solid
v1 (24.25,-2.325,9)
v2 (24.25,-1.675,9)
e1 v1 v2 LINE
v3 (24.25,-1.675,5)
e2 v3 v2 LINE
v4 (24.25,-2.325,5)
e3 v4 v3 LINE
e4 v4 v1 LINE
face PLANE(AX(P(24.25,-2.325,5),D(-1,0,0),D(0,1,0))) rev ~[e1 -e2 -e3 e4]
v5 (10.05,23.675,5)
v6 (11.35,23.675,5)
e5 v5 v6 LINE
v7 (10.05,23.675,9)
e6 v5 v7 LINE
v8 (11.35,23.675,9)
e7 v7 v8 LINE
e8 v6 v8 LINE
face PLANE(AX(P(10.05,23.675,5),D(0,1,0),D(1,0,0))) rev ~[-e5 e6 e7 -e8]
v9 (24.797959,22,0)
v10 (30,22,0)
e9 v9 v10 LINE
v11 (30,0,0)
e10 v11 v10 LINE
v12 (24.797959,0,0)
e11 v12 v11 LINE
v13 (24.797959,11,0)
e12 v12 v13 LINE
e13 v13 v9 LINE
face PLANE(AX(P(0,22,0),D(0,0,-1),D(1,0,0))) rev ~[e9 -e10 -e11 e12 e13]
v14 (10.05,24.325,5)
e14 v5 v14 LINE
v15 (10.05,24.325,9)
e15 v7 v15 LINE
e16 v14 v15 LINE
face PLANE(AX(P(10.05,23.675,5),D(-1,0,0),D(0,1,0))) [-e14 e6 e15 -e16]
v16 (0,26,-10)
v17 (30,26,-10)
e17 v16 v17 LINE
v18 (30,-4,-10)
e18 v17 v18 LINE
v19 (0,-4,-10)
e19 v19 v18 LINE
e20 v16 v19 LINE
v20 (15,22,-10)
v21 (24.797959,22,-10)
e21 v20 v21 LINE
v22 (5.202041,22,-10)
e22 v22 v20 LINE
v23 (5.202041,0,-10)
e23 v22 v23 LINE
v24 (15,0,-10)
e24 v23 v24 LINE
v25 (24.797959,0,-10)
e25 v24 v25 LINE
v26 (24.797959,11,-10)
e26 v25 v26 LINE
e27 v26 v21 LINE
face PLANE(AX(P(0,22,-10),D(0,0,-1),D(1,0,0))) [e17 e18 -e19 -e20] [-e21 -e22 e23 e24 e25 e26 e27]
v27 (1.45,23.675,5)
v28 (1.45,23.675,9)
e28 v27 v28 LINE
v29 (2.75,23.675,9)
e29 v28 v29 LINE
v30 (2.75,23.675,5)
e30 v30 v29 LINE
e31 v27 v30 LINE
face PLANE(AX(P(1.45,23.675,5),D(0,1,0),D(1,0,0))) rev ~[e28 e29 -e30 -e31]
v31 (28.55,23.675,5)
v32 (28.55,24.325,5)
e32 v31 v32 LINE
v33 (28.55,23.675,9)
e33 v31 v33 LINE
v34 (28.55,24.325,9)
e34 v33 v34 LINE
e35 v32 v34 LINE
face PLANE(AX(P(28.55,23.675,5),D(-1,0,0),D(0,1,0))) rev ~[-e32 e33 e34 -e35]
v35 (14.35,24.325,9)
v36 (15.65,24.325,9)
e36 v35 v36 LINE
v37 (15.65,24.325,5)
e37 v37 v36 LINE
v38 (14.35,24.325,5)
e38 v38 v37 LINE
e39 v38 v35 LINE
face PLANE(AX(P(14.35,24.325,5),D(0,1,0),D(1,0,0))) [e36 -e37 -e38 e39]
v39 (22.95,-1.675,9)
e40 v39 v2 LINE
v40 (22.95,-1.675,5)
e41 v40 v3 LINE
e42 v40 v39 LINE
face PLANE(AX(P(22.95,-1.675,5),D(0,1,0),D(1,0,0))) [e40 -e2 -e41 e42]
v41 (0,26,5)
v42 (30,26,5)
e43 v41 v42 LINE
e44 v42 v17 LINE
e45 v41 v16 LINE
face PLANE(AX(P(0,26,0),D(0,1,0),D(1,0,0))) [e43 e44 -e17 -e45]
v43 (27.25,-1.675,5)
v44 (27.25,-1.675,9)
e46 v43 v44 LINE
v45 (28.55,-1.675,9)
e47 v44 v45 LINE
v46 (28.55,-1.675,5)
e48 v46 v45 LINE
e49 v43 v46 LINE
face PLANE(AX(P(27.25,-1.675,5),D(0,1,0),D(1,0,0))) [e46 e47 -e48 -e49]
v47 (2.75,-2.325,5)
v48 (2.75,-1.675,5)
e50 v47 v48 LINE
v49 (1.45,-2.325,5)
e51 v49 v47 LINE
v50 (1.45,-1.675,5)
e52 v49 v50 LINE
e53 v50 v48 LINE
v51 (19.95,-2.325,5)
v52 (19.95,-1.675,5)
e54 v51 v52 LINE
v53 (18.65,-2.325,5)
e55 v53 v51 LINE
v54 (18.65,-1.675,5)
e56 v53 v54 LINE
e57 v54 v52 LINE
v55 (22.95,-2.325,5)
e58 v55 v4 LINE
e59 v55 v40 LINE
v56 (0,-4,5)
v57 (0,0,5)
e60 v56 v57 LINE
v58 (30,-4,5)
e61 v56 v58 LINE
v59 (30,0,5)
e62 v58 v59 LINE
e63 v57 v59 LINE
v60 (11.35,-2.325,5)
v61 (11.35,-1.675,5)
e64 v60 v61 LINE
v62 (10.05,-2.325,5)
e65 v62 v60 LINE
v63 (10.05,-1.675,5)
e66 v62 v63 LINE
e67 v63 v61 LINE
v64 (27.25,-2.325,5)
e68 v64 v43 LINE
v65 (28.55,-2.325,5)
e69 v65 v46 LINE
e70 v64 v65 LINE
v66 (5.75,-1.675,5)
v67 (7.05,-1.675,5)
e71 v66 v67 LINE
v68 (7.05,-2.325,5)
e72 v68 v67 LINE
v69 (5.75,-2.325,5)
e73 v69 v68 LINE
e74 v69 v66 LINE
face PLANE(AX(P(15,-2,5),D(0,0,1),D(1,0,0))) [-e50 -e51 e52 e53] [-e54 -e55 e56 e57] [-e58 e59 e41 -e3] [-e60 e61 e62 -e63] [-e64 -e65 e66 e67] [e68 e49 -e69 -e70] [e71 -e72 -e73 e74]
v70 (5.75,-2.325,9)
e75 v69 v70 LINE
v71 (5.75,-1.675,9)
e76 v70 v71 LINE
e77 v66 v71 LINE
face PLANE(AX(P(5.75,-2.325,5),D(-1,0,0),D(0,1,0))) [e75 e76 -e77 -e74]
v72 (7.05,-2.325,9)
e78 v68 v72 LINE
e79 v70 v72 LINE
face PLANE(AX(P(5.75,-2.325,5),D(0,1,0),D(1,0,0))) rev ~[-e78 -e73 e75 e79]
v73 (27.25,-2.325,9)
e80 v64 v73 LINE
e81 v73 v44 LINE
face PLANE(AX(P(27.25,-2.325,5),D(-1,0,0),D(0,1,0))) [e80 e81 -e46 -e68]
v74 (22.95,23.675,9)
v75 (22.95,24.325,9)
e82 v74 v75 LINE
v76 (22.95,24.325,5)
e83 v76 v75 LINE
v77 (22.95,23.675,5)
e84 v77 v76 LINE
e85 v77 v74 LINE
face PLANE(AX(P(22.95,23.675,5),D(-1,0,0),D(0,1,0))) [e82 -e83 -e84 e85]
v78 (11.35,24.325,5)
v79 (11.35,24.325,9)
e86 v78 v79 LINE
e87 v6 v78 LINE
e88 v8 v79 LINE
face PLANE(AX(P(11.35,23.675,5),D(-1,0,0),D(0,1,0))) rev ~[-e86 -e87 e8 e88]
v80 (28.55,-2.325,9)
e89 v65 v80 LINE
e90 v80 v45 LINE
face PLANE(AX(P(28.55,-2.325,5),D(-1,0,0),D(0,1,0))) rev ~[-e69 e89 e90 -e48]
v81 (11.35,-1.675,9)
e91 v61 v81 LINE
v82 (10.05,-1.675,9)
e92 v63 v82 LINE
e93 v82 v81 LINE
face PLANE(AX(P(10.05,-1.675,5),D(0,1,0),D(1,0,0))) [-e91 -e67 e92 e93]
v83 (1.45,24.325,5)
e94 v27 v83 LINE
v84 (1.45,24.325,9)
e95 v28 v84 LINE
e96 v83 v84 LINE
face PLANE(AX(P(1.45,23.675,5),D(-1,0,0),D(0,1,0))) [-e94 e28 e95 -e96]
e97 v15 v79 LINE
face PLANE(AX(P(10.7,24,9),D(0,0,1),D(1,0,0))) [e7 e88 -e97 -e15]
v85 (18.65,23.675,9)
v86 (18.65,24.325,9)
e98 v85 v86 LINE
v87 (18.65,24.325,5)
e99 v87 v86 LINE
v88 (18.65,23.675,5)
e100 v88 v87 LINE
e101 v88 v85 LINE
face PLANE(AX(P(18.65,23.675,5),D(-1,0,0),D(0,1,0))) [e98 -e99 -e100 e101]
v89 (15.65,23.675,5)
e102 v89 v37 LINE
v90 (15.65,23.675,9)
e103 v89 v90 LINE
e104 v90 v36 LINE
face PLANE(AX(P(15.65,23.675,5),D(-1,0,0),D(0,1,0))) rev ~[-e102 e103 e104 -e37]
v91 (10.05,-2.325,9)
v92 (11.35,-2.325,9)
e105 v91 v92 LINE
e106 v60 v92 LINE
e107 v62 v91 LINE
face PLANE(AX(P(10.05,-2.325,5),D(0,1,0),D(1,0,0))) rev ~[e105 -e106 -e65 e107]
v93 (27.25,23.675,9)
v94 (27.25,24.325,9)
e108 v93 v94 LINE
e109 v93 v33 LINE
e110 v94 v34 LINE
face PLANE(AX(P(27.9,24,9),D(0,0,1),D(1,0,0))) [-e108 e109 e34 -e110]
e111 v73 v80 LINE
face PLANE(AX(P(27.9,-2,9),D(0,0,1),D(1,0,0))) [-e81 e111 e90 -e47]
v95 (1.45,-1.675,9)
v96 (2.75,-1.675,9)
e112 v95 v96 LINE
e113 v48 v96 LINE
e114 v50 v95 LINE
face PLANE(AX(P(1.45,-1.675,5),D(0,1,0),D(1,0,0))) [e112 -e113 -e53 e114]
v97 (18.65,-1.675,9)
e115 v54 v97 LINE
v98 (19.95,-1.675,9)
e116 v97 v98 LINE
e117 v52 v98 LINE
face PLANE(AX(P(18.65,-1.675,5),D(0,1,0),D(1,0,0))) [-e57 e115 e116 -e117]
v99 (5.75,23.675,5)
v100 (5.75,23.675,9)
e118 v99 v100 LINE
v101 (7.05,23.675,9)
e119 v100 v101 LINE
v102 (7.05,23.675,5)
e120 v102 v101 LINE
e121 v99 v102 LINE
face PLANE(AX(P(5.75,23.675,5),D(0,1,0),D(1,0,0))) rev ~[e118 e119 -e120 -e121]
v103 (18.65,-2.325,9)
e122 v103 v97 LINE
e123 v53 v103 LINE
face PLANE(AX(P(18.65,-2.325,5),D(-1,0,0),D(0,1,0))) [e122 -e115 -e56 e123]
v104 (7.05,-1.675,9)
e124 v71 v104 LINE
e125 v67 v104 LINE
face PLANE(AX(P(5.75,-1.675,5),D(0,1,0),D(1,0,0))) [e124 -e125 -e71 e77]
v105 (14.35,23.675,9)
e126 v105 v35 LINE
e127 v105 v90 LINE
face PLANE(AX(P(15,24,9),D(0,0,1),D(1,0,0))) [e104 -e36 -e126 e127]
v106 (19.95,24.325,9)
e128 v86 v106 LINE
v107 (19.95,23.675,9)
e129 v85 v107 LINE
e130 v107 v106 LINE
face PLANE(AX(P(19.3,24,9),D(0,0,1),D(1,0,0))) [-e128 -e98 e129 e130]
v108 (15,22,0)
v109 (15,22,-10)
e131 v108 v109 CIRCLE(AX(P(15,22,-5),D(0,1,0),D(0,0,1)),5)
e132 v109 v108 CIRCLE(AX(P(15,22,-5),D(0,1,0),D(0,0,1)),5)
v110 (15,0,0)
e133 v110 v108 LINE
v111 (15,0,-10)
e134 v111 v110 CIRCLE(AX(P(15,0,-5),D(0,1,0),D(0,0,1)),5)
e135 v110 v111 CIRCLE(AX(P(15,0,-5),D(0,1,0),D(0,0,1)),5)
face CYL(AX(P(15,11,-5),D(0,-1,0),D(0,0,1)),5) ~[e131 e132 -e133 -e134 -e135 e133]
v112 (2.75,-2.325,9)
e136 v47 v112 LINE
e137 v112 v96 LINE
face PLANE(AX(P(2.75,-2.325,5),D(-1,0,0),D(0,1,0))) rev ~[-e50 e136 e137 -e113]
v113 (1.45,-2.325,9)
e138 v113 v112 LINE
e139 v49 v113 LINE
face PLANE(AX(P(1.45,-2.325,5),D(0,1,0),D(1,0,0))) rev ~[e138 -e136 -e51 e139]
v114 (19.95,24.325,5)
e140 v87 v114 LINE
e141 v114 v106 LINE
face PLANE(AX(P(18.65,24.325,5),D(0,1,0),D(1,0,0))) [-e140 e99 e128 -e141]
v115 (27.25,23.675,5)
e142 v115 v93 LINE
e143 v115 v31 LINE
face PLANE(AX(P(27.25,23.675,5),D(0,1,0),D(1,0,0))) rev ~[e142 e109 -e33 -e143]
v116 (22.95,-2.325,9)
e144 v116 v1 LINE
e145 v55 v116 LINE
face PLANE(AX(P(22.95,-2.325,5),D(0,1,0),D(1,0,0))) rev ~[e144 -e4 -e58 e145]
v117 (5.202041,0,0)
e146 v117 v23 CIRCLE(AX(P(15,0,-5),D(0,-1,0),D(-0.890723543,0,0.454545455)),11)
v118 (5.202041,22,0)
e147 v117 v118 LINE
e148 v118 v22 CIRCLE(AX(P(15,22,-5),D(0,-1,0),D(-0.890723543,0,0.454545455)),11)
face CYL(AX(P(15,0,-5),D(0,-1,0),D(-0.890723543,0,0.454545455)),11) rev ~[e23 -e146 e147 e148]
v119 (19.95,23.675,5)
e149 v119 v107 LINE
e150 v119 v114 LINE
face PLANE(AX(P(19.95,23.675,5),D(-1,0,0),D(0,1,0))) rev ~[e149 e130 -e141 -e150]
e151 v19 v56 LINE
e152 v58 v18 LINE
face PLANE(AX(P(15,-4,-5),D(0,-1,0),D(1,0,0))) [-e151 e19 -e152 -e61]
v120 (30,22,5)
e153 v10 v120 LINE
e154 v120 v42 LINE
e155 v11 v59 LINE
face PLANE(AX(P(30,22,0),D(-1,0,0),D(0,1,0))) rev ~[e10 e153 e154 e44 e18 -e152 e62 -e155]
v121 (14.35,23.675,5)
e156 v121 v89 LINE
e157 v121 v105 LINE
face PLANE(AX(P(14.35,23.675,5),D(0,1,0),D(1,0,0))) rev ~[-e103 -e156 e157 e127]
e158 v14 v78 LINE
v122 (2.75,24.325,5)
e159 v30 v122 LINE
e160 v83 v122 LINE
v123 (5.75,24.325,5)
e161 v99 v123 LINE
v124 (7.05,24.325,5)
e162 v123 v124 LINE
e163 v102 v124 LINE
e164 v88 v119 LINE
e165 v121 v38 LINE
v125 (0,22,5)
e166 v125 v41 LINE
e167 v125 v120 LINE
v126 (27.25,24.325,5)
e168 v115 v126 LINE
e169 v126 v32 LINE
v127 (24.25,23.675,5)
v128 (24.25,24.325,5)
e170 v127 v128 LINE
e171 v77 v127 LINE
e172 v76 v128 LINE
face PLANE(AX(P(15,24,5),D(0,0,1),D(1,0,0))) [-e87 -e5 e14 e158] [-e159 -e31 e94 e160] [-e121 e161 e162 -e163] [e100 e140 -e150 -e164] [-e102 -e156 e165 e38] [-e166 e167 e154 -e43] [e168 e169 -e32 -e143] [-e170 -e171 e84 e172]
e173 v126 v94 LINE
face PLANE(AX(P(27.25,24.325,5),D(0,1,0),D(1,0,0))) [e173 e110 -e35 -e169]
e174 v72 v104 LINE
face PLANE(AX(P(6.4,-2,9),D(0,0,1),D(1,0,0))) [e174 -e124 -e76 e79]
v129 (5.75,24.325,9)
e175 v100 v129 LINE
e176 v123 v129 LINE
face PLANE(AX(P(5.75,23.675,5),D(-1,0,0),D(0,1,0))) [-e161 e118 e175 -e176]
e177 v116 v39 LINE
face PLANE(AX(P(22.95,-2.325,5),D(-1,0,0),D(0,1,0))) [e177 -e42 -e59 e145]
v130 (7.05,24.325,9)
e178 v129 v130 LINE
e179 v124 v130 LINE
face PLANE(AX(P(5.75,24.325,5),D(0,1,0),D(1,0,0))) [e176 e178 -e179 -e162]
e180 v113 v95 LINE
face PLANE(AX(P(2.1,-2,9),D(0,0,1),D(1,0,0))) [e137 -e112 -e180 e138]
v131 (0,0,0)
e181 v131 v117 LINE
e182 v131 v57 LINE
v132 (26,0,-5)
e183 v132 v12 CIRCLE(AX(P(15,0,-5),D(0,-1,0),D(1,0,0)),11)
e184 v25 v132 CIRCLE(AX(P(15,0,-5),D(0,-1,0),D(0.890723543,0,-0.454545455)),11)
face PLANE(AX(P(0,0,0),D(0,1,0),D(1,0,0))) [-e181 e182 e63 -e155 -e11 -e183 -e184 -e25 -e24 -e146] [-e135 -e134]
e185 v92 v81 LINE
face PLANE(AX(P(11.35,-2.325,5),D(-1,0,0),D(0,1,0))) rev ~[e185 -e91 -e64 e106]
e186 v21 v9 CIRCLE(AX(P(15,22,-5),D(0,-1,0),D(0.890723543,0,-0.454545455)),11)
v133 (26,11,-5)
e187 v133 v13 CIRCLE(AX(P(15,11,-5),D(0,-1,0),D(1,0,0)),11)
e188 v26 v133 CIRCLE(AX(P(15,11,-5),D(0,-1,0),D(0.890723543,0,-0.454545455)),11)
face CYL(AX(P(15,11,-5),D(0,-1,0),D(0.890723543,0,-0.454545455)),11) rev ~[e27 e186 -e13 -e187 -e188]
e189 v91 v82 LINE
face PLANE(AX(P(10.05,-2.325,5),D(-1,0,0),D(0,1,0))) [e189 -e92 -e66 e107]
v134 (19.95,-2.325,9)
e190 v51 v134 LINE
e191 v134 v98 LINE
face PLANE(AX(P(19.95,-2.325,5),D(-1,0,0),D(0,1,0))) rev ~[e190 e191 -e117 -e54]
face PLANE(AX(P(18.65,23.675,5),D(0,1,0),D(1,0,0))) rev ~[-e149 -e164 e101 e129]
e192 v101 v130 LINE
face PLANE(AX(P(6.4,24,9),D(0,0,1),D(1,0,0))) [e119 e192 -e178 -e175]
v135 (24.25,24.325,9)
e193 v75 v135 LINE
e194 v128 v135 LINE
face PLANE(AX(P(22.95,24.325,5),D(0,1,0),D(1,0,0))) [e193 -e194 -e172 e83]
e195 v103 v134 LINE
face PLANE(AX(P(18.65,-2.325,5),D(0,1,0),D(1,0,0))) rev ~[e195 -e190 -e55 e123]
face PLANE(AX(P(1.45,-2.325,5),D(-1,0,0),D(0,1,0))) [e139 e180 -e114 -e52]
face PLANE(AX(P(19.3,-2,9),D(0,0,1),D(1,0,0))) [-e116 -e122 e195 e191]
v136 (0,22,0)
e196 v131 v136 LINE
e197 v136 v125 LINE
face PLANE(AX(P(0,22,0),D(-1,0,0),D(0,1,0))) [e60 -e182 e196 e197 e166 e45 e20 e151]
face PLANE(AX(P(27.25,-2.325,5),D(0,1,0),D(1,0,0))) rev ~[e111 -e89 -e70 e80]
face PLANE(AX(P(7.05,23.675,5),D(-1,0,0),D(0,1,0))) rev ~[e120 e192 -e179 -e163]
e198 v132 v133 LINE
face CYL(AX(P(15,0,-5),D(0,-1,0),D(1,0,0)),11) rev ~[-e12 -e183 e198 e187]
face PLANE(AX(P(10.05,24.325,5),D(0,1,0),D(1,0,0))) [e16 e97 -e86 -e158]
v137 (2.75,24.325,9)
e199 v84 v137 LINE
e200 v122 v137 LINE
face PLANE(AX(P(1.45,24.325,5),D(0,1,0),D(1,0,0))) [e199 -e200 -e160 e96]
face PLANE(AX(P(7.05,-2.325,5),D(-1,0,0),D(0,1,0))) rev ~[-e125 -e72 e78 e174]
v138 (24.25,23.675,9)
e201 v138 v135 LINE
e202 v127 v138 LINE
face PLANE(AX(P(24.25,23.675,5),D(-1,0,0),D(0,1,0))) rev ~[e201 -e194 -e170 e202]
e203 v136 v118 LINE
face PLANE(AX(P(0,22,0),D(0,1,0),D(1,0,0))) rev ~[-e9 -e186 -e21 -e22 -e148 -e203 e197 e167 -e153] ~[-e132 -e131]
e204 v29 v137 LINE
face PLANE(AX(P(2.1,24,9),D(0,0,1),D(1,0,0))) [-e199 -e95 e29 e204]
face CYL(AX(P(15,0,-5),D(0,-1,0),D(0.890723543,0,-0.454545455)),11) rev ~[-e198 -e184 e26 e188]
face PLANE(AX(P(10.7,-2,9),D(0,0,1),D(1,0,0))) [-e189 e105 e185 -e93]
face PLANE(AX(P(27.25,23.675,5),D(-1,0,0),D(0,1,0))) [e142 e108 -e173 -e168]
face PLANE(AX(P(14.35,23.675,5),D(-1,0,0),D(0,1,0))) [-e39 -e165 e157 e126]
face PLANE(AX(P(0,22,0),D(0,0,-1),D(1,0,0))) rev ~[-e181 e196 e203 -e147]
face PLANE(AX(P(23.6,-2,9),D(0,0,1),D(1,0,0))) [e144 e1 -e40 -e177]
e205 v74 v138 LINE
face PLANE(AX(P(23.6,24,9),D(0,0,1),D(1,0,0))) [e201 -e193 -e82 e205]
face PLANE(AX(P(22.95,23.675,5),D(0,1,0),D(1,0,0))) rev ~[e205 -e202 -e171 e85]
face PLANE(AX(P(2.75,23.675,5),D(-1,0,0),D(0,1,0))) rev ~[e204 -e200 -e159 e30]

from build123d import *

# Parameters (mm, degrees)
EXTRUDE_1_DEPTH   = 11
SKETCH_1_R        = 5
EXTRUDE_1_2_DEPTH = 11
EXTRUDE_1_3_DEPTH = 11
SKETCH_2_W        = 30
SKETCH_2_H        = 10
EXTRUDE_2_DEPTH   = 4
SKETCH_3_R        = 5
EXTRUDE_3_DEPTH   = 11
SKETCH_4_W        = 30
SKETCH_4_H        = 10
EXTRUDE_4_DEPTH   = 4
SKETCH_5_W        = 30
SKETCH_5_H        = 4
EXTRUDE_5_DEPTH   = 5
SKETCH_6_W        = 1.3
SKETCH_6_H        = 0.65
EXTRUDE_6_DEPTH   = 4


with BuildPart() as part:
    # Эскиз1 → Бобышка-Вытянуть1 (new body)
    with BuildSketch(Plane(origin=(0, 0, 0), x_dir=(1, 0, 0), z_dir=(0, 1, 0))):
        with BuildLine():
            Line((0, 10), (0, 0))
            Line((0, 0), (5.202041029, 0))
            ThreePointArc((5.202041029, 0), (4, 5), (5.202041029, 10))
            Line((5.202041029, 10), (0, 10))
        make_face()
    extrude(amount=EXTRUDE_1_DEPTH)



with BuildPart() as body_2:
    # Эскиз1 → Extrude 1 2 (new body)
    with BuildSketch(Plane(origin=(0, 0, 0), x_dir=(1, 0, 0), z_dir=(0, 1, 0))):
        with Locations(Location((15, 5, 0), (0, 0, 270))):
            Circle(SKETCH_1_R)
    extrude(amount=EXTRUDE_1_2_DEPTH)


with BuildPart() as body_3:
    # Эскиз1 → Extrude 1 3 (new body)
    with BuildSketch(Plane(origin=(0, 0, 0), x_dir=(1, 0, 0), z_dir=(0, 1, 0))):
        with BuildLine():
            ThreePointArc((26, 5), (25.695268783, 2.428769622), (24.797958971, 0))
            Line((24.797958971, 0), (30, 0))
            Line((30, 0), (30, 10))
            Line((30, 10), (24.797958971, 10))
            ThreePointArc((24.797958971, 10), (25.695268783, 7.571230378), (26, 5))
        make_face()
    extrude(amount=EXTRUDE_1_3_DEPTH)


with BuildPart() as part_1:
    add(part.part)

    add(body_2.part)  # Бобышка-Вытянуть2 merges body 2

    add(body_3.part)  # Бобышка-Вытянуть2 merges body 3
    # Эскиз2 → Бобышка-Вытянуть2 (add)
    with BuildSketch(Plane.XZ):
        with Locations((15, -5)):
            Rectangle(SKETCH_2_W, SKETCH_2_H)
    extrude(amount=EXTRUDE_2_DEPTH)

    # Эскиз3 → Бобышка-Вытянуть3 (add)
    with BuildSketch(Plane(origin=(0, 11, 0), x_dir=(1, 0, 0), z_dir=(0, 1, 0))):
        with Locations(Location((15, 5, 0), (0, 0, 270))):
            Circle(SKETCH_3_R)
        with BuildLine():
            Line((24.797958971, 0), (30, 0))
            Line((30, 0), (30, 10))
            Line((30, 10), (24.797958971, 10))
            ThreePointArc((24.797958971, 10), (26, 5), (24.797958971, 0))
        make_face()
        with BuildLine():
            Line((5.202041029, 10), (0, 10))
            Line((0, 10), (0, 0))
            Line((0, 0), (5.202041029, 0))
            ThreePointArc((5.202041029, 0), (4, 5), (5.202041029, 10))
        make_face()
    extrude(amount=EXTRUDE_3_DEPTH)

    # Эскиз4 → Бобышка-Вытянуть4 (add)
    with BuildSketch(Plane(origin=(0, 22, 0), x_dir=(1, 0, 0), z_dir=(0, 1, 0))):
        with Locations((15, 5)):
            Rectangle(SKETCH_4_W, SKETCH_4_H)
    extrude(amount=EXTRUDE_4_DEPTH)

    # Эскиз5 → Бобышка-Вытянуть5 (add)
    with BuildSketch(Plane.XY):
        with Locations((15, 24)):
            Rectangle(SKETCH_5_W, SKETCH_5_H)
        with Locations((15, -2)):
            Rectangle(SKETCH_5_W, SKETCH_5_H)
    extrude(amount=EXTRUDE_5_DEPTH)

    # Эскиз6 → Бобышка-Вытянуть6 (add)
    with BuildSketch(Plane.XY.offset(5)):
        with Locations((6.4, 24)):
            Rectangle(SKETCH_6_W, SKETCH_6_H)
        with Locations((2.1, 24)):
            Rectangle(SKETCH_6_W, SKETCH_6_H)
        with Locations((10.7, 24)):
            Rectangle(SKETCH_6_W, SKETCH_6_H)
        with Locations((15, 24)):
            Rectangle(SKETCH_6_W, SKETCH_6_H)
        with Locations((19.3, 24)):
            Rectangle(SKETCH_6_W, SKETCH_6_H)
        with Locations((23.6, 24)):
            Rectangle(SKETCH_6_W, SKETCH_6_H)
        with Locations((27.9, 24)):
            Rectangle(SKETCH_6_W, SKETCH_6_H)
        with Locations((6.4, -2)):
            Rectangle(SKETCH_6_W, SKETCH_6_H)
        with Locations((2.1, -2)):
            Rectangle(SKETCH_6_W, SKETCH_6_H)
        with Locations((10.7, -2)):
            Rectangle(SKETCH_6_W, SKETCH_6_H)
        with Locations((23.6, -2)):
            Rectangle(SKETCH_6_W, SKETCH_6_H)
        with Locations((19.3, -2)):
            Rectangle(SKETCH_6_W, SKETCH_6_H)
        with Locations((27.9, -2)):
            Rectangle(SKETCH_6_W, SKETCH_6_H)
    extrude(amount=EXTRUDE_6_DEPTH)


solid = part_1.part
